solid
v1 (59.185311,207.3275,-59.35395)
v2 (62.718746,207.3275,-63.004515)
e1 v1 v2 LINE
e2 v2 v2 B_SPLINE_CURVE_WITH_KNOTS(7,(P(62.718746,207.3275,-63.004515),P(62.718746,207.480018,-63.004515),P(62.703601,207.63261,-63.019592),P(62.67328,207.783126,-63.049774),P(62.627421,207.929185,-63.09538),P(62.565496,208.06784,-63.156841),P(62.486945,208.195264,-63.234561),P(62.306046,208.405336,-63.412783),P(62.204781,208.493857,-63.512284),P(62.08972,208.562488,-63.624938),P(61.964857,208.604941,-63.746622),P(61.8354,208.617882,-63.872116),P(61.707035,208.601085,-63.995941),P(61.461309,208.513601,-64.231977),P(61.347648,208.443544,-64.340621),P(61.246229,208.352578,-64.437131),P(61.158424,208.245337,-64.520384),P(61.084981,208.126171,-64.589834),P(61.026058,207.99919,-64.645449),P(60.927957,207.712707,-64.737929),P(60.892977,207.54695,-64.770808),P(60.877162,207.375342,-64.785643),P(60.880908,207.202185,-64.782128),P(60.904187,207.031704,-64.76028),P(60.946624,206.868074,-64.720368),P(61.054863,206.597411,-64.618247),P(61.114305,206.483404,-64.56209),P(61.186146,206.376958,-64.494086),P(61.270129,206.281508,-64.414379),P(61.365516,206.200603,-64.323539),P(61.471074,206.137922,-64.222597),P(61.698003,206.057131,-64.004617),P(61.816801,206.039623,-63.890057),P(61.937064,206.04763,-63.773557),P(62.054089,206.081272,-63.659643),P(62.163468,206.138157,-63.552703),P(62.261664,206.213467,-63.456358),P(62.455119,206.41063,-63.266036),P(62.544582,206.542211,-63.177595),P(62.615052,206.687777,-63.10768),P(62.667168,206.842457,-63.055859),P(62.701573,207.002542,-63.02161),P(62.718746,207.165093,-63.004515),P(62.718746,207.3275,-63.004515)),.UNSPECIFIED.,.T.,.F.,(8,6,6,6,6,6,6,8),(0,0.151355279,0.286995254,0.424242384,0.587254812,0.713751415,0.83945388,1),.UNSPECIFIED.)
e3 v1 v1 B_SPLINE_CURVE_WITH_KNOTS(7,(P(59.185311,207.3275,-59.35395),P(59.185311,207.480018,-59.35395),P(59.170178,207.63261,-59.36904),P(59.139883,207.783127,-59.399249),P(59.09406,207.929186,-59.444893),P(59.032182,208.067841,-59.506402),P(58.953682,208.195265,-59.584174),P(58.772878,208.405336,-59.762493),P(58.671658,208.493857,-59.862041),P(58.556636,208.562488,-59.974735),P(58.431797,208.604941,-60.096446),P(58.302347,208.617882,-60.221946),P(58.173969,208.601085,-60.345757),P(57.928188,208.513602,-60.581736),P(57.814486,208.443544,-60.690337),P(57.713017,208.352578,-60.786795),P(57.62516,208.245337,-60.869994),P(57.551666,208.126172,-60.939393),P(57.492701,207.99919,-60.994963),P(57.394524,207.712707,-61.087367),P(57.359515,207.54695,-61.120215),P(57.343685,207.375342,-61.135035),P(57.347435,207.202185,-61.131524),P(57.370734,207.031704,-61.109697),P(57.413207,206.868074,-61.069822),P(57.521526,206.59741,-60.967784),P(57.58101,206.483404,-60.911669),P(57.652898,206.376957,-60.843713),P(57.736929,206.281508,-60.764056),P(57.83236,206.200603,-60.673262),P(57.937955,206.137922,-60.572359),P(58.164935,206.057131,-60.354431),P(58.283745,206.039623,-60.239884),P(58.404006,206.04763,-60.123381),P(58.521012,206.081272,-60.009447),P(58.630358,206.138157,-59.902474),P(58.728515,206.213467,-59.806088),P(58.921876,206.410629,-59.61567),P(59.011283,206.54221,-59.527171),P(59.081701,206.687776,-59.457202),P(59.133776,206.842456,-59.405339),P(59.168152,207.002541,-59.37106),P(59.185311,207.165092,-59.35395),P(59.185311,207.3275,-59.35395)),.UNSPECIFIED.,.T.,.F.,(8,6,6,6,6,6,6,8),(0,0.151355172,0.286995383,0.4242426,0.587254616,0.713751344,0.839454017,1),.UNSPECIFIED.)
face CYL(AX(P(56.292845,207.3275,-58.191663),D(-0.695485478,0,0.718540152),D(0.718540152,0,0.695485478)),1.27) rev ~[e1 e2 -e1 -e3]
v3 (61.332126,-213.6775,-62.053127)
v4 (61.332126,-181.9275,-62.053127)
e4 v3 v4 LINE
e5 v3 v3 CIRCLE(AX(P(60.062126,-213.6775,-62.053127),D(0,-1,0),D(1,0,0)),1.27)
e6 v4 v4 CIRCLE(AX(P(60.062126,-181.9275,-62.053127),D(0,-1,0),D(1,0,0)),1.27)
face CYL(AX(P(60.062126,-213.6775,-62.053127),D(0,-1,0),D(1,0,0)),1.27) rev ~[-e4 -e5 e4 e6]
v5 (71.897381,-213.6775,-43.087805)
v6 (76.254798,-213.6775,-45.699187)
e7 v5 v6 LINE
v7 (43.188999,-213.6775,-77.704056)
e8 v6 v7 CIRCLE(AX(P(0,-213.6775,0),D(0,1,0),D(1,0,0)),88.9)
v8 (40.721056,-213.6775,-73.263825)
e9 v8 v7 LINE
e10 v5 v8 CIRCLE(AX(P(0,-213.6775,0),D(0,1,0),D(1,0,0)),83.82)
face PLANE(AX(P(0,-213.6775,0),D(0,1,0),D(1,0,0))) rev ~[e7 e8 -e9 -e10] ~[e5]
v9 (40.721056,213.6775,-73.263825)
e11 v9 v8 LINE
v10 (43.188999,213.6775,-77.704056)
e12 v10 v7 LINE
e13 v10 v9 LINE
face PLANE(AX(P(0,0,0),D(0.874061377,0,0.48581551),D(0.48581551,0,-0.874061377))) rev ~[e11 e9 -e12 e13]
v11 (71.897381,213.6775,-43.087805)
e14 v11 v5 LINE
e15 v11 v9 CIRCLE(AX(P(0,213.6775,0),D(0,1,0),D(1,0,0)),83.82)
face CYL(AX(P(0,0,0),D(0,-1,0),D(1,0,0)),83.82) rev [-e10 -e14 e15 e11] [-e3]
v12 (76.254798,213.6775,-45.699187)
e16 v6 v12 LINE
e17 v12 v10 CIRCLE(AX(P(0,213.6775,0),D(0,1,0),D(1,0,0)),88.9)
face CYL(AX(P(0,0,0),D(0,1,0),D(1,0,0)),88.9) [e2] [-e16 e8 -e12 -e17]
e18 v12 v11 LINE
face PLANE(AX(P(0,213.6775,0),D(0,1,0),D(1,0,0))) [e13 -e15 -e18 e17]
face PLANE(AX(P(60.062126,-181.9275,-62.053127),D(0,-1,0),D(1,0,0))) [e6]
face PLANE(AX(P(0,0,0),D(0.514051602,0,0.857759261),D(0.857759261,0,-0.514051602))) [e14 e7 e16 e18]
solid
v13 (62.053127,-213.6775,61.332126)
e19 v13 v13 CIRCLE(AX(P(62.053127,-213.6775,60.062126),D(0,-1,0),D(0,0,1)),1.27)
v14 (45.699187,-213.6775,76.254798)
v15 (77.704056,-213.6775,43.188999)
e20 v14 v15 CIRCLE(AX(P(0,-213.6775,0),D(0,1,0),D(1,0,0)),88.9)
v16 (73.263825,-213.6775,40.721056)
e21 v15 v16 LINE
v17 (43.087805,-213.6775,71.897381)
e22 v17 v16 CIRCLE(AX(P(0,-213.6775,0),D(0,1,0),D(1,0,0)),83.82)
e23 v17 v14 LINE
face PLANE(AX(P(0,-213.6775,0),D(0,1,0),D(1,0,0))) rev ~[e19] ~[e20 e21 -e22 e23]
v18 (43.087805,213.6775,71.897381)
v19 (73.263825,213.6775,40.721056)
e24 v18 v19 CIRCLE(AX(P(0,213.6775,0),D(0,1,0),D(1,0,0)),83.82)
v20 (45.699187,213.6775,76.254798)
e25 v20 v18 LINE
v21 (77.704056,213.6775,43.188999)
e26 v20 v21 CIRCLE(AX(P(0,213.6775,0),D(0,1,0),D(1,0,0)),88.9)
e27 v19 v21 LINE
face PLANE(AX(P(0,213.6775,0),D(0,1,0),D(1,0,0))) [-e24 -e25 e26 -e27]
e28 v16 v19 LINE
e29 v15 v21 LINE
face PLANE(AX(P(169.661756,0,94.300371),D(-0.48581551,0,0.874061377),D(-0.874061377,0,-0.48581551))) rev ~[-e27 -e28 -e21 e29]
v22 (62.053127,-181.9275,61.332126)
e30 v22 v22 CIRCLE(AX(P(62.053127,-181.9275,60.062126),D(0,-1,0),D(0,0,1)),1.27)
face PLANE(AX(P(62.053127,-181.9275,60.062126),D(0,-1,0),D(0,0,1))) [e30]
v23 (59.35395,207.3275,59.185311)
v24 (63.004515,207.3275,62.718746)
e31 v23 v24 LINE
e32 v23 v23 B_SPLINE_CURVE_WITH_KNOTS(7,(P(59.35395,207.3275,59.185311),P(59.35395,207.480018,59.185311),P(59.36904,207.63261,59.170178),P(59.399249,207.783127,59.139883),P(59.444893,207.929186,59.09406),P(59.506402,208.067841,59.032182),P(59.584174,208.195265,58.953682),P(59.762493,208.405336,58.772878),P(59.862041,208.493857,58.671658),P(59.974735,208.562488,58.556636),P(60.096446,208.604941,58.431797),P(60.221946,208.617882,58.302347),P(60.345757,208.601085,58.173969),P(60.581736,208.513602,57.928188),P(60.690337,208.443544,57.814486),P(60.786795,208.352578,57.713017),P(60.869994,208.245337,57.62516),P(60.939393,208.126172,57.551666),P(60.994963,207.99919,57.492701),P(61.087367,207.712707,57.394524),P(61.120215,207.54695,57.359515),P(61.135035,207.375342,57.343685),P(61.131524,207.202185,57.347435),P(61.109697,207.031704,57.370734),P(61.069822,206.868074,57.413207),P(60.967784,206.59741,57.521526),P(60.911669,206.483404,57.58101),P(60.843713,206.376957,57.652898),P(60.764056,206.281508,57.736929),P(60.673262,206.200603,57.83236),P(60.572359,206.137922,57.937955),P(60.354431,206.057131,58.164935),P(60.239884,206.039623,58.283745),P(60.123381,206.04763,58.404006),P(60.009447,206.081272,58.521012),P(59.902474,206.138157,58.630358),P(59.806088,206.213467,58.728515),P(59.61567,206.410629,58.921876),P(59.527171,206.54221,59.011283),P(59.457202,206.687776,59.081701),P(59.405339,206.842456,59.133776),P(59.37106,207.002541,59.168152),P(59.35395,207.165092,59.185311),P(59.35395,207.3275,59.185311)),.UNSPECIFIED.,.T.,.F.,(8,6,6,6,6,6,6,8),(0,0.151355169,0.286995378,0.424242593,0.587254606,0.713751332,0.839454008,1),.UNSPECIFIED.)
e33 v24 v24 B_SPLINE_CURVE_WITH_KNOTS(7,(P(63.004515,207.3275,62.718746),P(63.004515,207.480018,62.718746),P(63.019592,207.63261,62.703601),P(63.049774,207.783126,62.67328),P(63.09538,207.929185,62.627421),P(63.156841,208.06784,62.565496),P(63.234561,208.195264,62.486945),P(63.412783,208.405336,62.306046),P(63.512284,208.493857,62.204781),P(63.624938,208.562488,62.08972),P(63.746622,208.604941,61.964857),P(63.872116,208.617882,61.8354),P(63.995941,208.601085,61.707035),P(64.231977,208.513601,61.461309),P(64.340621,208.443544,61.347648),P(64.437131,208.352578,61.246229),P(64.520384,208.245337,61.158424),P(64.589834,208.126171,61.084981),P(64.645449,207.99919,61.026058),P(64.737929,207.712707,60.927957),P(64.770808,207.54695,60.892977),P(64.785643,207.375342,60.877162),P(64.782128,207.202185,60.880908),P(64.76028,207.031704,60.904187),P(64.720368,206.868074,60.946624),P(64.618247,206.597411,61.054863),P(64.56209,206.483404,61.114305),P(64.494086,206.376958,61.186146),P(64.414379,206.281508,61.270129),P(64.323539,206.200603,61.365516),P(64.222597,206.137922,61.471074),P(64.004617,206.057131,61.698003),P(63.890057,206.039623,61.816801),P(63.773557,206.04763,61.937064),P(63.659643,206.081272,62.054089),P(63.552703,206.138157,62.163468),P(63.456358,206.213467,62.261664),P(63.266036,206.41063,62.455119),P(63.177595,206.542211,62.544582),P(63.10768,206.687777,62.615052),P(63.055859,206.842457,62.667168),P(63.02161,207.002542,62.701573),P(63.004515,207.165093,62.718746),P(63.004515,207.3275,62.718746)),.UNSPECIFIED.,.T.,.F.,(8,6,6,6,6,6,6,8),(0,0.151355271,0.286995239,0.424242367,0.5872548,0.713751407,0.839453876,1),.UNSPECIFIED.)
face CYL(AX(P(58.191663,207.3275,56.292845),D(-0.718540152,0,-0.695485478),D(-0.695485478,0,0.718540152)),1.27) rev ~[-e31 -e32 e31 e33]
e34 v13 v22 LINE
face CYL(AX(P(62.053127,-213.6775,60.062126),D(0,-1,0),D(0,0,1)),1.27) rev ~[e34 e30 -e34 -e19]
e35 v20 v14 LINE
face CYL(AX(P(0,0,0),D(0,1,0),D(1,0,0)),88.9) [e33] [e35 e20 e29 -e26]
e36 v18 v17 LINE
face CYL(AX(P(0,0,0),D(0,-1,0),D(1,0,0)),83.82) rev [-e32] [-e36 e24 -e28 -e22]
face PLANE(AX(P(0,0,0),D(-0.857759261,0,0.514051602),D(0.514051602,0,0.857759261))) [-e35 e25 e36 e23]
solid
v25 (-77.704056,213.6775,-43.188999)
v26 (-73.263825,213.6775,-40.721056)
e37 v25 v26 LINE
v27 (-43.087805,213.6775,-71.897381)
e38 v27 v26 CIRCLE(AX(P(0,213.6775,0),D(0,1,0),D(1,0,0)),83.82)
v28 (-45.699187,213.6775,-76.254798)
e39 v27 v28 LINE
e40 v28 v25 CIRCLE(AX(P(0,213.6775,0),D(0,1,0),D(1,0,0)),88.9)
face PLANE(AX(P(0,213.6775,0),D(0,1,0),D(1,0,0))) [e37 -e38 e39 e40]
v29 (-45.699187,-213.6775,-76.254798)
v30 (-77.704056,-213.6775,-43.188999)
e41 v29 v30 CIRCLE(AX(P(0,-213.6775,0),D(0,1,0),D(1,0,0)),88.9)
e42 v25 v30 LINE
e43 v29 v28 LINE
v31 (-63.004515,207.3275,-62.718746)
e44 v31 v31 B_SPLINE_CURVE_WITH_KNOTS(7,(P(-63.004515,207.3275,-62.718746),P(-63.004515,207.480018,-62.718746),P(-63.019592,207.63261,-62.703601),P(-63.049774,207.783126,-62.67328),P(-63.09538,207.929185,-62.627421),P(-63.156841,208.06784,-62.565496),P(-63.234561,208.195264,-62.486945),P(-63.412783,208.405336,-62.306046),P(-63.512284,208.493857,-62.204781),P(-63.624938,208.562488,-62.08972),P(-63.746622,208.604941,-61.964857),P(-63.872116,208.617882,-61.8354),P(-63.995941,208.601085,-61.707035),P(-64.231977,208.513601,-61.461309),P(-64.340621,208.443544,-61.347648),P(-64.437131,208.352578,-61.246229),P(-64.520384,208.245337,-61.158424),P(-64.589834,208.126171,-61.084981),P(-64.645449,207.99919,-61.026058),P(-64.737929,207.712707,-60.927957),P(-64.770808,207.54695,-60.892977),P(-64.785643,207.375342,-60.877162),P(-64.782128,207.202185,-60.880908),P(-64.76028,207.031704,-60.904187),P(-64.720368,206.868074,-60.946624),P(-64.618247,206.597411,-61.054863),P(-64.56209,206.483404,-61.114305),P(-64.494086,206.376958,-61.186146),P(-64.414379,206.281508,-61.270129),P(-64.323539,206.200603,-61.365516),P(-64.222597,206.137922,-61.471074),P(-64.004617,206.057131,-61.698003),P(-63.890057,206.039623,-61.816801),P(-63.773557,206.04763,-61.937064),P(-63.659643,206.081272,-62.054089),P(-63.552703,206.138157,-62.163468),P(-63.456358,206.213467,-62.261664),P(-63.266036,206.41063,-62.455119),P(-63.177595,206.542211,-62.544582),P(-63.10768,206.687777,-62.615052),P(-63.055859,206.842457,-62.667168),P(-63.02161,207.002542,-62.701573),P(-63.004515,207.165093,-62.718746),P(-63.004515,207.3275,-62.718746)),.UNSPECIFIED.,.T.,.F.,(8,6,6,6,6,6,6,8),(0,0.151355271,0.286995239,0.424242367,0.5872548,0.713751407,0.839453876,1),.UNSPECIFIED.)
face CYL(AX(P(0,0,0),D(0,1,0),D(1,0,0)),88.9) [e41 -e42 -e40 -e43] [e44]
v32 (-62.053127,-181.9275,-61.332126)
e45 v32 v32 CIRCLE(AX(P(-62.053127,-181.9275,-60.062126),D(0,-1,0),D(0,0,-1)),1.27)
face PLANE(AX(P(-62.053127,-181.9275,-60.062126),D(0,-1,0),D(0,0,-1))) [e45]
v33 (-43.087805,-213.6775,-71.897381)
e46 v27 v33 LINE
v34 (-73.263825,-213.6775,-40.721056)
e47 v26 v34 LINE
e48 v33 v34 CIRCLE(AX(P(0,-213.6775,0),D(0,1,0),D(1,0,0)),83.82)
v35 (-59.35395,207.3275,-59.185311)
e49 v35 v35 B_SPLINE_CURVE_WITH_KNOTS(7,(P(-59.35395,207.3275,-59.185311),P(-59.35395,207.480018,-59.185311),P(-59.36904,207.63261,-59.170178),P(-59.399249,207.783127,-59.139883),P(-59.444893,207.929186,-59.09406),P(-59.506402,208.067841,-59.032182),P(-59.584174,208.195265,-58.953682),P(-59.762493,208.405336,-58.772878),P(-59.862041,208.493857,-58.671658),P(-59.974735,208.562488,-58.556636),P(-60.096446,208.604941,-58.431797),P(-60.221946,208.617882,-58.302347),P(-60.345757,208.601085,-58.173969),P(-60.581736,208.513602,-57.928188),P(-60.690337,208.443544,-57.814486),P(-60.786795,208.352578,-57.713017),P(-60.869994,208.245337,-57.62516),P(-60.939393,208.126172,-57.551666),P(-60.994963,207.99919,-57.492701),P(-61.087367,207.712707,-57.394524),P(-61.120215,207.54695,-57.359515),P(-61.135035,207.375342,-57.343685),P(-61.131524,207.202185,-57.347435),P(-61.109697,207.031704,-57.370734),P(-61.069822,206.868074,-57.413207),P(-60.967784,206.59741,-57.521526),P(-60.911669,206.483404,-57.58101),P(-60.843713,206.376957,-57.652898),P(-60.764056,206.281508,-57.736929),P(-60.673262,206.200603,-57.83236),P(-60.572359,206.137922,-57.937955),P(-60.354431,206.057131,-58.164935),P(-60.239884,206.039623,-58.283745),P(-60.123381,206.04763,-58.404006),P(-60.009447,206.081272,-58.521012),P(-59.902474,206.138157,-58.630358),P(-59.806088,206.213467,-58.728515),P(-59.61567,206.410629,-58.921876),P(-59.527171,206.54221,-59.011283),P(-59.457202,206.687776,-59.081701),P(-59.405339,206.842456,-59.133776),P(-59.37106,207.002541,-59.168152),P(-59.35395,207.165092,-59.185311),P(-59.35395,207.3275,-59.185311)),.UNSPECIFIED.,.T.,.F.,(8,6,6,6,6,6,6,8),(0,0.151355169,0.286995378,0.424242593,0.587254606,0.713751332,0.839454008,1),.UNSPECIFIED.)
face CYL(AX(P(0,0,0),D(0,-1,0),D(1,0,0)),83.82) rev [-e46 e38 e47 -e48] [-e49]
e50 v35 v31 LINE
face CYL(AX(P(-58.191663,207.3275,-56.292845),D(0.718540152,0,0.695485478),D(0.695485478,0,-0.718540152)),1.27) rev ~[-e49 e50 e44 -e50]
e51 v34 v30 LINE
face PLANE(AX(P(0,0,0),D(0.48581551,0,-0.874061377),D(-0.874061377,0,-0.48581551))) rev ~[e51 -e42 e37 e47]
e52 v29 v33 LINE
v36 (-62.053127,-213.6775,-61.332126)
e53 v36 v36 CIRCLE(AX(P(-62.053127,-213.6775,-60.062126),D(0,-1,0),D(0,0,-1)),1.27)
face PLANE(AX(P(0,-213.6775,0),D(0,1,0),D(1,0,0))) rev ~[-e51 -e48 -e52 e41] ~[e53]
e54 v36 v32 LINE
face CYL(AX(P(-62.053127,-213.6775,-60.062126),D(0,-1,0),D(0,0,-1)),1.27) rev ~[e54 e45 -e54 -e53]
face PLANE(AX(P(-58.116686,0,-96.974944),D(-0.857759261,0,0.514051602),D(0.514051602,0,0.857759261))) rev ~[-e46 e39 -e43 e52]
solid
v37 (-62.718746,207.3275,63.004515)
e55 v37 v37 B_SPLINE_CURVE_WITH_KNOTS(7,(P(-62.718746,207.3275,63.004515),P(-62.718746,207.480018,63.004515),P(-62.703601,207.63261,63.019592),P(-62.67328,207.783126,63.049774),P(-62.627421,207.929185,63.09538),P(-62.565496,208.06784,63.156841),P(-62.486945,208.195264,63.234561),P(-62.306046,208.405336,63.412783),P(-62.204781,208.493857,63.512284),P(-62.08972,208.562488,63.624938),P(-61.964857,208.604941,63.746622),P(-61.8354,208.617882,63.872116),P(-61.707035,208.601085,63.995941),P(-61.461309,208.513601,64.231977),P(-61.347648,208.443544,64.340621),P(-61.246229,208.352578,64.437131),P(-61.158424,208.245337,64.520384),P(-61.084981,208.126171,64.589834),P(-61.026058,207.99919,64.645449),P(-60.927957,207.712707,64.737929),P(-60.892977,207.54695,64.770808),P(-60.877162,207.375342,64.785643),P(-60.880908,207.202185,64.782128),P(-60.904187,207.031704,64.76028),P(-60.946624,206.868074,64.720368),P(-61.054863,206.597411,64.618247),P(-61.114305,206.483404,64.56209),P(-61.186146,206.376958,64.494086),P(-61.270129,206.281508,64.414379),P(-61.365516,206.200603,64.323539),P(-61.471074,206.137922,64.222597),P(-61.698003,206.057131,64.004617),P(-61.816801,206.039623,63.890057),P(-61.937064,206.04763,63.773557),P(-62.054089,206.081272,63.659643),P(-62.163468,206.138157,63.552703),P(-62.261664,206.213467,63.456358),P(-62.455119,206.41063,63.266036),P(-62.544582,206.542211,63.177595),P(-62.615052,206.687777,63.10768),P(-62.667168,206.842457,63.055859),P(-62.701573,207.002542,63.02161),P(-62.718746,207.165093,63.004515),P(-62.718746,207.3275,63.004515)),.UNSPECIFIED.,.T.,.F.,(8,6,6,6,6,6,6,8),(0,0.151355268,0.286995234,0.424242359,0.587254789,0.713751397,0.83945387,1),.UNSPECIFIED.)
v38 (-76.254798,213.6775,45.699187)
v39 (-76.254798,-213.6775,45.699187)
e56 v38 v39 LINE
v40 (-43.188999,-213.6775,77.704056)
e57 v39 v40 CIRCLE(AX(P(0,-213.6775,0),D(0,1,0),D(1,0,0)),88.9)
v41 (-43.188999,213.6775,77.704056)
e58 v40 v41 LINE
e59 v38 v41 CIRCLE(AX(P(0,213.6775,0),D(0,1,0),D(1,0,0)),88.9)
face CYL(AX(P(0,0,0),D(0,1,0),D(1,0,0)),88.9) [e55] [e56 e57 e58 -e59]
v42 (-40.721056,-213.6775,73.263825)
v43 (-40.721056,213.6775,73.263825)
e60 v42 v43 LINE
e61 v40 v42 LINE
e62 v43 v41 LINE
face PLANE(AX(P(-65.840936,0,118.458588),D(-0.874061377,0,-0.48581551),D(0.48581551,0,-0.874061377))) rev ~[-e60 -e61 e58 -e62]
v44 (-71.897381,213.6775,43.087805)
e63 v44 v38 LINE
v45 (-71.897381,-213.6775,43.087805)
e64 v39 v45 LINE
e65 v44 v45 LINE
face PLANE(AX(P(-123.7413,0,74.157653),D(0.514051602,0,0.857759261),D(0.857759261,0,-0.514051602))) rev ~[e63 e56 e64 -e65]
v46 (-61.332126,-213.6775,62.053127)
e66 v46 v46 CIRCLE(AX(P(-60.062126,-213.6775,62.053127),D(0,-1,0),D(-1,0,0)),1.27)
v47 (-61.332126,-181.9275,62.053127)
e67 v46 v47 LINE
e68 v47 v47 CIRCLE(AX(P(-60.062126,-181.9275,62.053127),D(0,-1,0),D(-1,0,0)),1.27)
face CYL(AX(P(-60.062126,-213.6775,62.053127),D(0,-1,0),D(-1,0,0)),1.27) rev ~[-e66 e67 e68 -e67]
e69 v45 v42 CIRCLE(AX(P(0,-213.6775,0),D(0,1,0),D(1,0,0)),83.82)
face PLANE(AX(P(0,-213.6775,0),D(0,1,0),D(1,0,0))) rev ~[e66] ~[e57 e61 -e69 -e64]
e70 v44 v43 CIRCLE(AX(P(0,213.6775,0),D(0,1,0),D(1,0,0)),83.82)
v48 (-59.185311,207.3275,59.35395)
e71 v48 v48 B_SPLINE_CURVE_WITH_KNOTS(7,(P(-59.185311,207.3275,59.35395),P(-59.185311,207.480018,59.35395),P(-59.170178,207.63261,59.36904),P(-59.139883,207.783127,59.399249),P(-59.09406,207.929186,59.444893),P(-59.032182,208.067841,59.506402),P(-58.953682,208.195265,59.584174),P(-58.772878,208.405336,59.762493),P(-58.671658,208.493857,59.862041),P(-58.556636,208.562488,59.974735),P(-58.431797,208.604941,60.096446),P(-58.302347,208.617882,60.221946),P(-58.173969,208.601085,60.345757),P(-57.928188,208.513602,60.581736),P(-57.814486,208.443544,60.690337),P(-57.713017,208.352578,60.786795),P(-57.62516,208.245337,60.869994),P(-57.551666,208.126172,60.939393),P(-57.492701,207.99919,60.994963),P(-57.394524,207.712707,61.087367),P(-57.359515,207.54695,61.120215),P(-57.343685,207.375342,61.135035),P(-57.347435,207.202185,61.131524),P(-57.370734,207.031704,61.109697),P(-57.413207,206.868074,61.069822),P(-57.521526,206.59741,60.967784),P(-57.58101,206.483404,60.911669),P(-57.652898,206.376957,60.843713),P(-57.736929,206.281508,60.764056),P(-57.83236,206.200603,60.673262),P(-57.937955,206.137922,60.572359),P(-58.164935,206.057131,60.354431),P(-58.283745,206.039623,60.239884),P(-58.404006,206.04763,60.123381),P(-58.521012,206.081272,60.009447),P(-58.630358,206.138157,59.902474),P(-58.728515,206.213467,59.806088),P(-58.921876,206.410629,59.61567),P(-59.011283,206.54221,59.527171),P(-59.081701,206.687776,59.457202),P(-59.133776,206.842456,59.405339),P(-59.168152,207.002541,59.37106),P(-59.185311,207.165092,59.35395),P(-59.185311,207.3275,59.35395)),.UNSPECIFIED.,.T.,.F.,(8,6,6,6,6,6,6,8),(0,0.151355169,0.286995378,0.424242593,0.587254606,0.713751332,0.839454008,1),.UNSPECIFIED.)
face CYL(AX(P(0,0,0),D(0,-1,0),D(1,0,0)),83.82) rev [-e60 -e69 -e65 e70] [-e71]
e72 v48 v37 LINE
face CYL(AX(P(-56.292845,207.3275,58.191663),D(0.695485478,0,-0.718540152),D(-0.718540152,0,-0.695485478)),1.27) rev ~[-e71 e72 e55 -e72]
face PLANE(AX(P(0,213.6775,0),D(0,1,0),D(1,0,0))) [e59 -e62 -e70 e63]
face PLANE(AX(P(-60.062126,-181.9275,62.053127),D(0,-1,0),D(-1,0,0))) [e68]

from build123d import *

# Parameters (mm, degrees)
SKETCH2_R               = 88.9
SKETCH2_R_2             = 83.82
BOSS_EXTRUDE1_DEPTH     = 213.6775
CUT_EXTRUDE1_DEPTH      = 214.6775
CUT_EXTRUDE1_DEPTH_BACK = 214.6775
SKETCH5_R               = 1.27
TOP_BOLT_HOLES_DEPTH    = 29.911624556
SKETCH6_R               = 1.27
BOTTOM_BOLT_HOLES_DEPTH = 31.75
BOLT_PATTERN_COUNT      = 4


with BuildPart() as part:
    # Sketch2 → Boss-Extrude1 (new body, symmetric)
    with BuildSketch(Plane(origin=(0, 0, 0), x_dir=(1, 0, 0), z_dir=(0, 1, 0))):
        Circle(SKETCH2_R)
        Circle(SKETCH2_R_2, mode=Mode.SUBTRACT)
    extrude(amount=BOSS_EXTRUDE1_DEPTH, both=True)

    # Sketch3 → Cut-Extrude1 (cut, two sides)
    with BuildSketch(Plane(origin=(0, 0, 0), x_dir=(1, 0, 0), z_dir=(0, 1, 0))) as cut_extrude1_sk:
        Polygon((169.661755759, -94.300371224), (0, 0), (169.661755759, 101.677593364), align=None)
        Polygon((0, 0), (53.900027233, 96.974944394), (-58.116685864, 96.974944394), align=None)
        Polygon((-123.741299607, 68.777140945), (-123.741299607, -74.157652604), (0, 0), align=None)
        Polygon((-65.840936026, -118.45858783), (0, 0), (70.991745134, -118.45858783), align=None)
    extrude(amount=CUT_EXTRUDE1_DEPTH, mode=Mode.SUBTRACT)
    extrude(cut_extrude1_sk.sketch, amount=-CUT_EXTRUDE1_DEPTH_BACK, mode=Mode.SUBTRACT)

    # Sketch5 → Top bolt holes (cut, through all)
    with BuildSketch(Plane(origin=(-56.309218645, 0, 58.175814955), x_dir=(-0.718540152, 0, -0.695485478), z_dir=(0.695485478, 0, -0.718540152))):
        with Locations((-0.02278764, 207.3275)):
            Circle(SKETCH5_R)
    top_bolt_holes = extrude(amount=-TOP_BOLT_HOLES_DEPTH, mode=Mode.SUBTRACT)

    # Sketch6 → Bottom bolt holes (cut)
    with BuildSketch(Plane(origin=(0, -213.6775, 0), x_dir=(-1, 0, 0), z_dir=(0, -1, 0))):
        with Locations((60.062125915, -62.053127484)):
            Circle(SKETCH6_R)
    bottom_bolt_holes = extrude(amount=-BOTTOM_BOLT_HOLES_DEPTH, mode=Mode.SUBTRACT)

    # Bolt pattern: Top bolt holes, Bottom bolt holes ×4 about axis
    bolt_pattern_axis = Axis((0, 0, 0), (0, 1, 0))
    for i in range(1, BOLT_PATTERN_COUNT):
        add(top_bolt_holes.rotate(bolt_pattern_axis, i * 360 / BOLT_PATTERN_COUNT), mode=Mode.SUBTRACT)
        add(bottom_bolt_holes.rotate(bolt_pattern_axis, i * 360 / BOLT_PATTERN_COUNT), mode=Mode.SUBTRACT)


solid = part.part
